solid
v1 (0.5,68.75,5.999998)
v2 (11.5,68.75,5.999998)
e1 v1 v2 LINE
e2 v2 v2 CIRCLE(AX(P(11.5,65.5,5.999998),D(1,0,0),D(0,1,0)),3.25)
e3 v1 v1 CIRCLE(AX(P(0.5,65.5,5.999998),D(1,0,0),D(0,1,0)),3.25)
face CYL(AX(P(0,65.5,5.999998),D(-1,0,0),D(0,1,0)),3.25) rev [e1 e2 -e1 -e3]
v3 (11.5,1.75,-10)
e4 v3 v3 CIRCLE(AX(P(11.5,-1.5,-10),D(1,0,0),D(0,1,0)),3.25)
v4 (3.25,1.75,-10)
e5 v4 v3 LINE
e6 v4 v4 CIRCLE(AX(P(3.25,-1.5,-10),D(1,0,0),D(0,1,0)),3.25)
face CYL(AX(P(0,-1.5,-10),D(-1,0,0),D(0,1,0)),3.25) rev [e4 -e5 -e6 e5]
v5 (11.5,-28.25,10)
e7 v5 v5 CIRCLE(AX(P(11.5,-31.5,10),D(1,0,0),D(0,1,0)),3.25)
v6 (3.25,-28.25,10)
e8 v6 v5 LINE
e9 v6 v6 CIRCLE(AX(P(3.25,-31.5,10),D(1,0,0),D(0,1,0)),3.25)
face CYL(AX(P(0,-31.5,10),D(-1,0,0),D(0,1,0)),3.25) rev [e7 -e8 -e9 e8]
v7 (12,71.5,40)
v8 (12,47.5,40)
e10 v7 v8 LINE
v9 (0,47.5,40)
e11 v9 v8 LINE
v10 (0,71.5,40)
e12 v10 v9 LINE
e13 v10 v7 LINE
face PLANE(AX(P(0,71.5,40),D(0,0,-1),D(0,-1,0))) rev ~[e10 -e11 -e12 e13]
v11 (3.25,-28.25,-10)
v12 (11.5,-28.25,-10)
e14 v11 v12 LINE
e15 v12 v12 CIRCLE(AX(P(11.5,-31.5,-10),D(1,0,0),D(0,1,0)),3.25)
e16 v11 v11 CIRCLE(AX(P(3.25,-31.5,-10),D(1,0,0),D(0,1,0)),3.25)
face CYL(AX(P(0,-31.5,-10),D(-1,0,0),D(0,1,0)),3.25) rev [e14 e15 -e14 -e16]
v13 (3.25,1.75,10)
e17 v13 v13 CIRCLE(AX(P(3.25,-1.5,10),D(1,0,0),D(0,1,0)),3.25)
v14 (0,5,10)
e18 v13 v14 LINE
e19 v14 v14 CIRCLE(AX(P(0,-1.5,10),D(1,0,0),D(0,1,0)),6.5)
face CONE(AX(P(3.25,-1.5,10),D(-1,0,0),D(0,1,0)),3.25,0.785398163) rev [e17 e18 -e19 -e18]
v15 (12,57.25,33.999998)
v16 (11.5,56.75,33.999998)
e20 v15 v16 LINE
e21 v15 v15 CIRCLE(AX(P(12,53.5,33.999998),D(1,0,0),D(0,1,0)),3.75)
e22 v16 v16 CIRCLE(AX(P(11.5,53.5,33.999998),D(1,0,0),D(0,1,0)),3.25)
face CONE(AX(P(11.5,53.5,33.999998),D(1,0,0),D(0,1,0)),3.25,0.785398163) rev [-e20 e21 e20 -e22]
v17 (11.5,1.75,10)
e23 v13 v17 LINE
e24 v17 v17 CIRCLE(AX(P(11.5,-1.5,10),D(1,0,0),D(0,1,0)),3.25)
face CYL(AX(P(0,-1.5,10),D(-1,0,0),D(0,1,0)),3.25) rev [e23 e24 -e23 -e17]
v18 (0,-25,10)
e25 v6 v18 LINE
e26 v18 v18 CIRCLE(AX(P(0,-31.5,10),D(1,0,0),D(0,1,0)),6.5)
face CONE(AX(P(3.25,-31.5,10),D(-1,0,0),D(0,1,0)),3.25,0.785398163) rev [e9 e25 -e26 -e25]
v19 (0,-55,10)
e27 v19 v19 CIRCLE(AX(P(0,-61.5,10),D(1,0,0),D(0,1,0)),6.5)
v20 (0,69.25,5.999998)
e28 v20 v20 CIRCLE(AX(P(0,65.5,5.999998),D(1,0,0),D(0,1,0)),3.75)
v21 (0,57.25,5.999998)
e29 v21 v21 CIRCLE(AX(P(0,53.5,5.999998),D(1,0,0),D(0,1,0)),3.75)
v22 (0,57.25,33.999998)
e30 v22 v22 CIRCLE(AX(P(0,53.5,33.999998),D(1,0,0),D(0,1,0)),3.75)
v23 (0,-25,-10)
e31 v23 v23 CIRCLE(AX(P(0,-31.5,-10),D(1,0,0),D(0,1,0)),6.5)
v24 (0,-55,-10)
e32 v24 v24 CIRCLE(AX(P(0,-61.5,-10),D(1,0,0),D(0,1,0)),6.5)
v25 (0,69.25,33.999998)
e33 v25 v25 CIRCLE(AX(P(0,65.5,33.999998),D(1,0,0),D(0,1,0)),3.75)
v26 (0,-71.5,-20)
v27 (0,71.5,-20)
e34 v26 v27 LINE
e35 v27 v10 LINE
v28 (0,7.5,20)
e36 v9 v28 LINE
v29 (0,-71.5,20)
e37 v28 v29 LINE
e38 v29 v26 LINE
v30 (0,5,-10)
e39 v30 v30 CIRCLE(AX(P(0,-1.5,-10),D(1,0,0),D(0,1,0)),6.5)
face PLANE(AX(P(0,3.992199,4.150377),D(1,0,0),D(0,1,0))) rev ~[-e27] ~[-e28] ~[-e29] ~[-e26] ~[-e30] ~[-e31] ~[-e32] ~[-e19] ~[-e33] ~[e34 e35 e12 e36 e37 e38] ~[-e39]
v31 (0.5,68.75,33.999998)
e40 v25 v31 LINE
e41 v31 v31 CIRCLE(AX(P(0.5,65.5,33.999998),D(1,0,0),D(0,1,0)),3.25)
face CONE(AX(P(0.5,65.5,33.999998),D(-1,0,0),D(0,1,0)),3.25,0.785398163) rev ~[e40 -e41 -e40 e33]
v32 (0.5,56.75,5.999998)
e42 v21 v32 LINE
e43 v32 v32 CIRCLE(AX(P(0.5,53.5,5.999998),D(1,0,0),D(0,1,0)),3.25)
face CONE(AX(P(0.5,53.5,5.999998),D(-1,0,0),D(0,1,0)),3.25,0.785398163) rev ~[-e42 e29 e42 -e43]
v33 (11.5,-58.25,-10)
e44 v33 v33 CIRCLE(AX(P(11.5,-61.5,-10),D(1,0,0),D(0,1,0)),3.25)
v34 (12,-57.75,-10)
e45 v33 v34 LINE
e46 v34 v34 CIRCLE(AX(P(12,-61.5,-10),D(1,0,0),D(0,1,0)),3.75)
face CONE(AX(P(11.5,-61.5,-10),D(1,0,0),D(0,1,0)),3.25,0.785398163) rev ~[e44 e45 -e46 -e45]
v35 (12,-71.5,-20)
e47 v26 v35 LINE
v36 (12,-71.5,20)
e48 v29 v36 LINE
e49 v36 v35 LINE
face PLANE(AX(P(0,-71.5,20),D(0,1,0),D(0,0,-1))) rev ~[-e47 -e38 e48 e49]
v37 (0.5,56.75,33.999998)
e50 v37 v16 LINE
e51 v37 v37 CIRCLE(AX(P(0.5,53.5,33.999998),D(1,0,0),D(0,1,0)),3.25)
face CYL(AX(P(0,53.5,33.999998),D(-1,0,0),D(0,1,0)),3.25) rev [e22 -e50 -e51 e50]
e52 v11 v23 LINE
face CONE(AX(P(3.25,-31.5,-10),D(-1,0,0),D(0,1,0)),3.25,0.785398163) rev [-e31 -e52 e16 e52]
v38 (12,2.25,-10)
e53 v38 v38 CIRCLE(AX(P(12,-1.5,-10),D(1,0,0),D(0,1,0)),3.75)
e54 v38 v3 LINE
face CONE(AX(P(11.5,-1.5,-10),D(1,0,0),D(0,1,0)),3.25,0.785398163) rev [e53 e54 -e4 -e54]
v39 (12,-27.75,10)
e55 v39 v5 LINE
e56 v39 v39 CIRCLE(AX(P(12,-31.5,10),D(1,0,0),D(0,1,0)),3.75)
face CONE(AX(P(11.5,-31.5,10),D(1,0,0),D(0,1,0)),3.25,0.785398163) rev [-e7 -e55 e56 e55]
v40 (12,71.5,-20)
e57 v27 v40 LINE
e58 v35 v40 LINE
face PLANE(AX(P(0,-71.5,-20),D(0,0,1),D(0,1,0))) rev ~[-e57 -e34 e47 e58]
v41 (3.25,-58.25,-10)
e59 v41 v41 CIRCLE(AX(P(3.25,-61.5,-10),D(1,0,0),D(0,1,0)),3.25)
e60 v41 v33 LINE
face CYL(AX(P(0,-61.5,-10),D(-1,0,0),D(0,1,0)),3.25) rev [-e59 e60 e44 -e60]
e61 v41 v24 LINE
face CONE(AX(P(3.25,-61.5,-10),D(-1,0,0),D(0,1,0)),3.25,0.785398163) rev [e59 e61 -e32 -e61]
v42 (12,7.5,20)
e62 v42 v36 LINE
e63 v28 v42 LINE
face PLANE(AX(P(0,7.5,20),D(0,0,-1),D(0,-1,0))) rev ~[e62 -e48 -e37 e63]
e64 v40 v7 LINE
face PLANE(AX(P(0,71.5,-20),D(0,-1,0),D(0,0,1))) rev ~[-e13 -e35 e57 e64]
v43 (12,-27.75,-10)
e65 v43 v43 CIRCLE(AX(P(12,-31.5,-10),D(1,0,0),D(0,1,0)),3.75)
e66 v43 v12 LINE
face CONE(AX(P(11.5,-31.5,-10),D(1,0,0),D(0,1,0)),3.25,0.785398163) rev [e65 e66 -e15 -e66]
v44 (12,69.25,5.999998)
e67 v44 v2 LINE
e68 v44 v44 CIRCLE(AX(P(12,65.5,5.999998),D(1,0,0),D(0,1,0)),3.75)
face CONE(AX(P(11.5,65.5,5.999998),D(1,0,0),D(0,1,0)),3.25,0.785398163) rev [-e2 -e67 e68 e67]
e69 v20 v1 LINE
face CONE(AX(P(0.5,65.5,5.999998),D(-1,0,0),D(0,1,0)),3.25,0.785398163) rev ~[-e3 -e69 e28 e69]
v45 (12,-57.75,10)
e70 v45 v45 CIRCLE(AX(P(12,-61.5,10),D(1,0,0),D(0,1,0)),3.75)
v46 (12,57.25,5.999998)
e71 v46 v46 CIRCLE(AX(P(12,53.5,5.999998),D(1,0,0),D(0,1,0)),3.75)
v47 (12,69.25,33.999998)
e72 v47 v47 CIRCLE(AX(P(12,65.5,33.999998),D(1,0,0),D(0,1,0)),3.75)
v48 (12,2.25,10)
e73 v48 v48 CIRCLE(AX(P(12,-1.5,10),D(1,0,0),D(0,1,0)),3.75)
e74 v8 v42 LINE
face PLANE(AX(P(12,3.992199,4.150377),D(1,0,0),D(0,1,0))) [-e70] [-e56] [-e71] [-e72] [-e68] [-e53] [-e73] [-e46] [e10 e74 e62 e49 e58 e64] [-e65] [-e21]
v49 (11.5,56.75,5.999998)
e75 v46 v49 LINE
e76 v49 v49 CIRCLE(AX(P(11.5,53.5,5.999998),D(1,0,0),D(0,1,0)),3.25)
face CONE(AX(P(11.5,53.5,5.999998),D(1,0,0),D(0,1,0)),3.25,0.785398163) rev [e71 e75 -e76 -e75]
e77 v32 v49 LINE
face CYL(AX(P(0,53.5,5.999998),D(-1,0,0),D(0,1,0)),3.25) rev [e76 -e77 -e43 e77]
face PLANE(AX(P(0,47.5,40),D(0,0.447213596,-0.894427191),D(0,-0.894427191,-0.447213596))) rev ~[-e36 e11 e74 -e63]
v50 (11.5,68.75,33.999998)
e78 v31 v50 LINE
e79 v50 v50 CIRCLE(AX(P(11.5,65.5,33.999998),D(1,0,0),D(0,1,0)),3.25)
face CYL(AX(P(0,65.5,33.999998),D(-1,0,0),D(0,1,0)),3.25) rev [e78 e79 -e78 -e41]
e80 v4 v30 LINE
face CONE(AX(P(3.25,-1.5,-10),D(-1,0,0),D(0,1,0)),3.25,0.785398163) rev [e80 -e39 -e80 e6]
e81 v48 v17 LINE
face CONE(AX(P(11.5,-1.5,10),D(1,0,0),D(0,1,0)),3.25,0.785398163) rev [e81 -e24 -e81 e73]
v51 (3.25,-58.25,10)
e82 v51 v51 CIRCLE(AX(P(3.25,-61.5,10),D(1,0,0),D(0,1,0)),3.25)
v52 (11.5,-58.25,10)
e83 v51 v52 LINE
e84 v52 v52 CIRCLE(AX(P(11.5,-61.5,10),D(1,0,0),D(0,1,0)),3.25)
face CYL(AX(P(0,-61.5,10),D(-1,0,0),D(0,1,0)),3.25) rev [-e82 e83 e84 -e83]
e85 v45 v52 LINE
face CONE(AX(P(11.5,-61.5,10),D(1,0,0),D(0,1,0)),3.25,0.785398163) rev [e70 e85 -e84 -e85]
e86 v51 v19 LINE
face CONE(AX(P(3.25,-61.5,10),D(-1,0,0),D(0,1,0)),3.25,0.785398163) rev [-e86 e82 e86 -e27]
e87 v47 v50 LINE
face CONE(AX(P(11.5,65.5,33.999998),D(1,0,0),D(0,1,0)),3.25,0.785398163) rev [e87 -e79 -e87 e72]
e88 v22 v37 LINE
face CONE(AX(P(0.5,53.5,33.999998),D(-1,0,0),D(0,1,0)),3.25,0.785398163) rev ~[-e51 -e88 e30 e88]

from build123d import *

# Parameters (mm, degrees)
F0_R     = 3.25
F1_DEPTH = 12
F2_SIZE  = 3.25
F3_SIZE  = 0.5


with BuildPart() as f1:
    # F0 (on Right) → F1 (new body)
    with BuildSketch(Plane.YZ):
        Polygon((7.5, 20), (-71.5, 20), (-71.5, -20), (71.5, -20), (71.5, 20), (71.5, 40), (47.5, 40), align=None)
        with Locations((-61.5, -10)):
            Circle(F0_R, mode=Mode.SUBTRACT)
        with Locations((-31.5, -10)):
            Circle(F0_R, mode=Mode.SUBTRACT)
        with Locations((-1.5, -10)):
            Circle(F0_R, mode=Mode.SUBTRACT)
        with Locations((53.5, 5.999998)):
            Circle(F0_R, mode=Mode.SUBTRACT)
        with Locations((65.5, 5.999998)):
            Circle(F0_R, mode=Mode.SUBTRACT)
        with Locations((-61.5, 10)):
            Circle(F0_R, mode=Mode.SUBTRACT)
        with Locations((-31.5, 10)):
            Circle(F0_R, mode=Mode.SUBTRACT)
        with Locations((-1.5, 10)):
            Circle(F0_R, mode=Mode.SUBTRACT)
        with Locations((53.5, 33.999998)):
            Circle(F0_R, mode=Mode.SUBTRACT)
        with Locations((65.5, 33.999998)):
            Circle(F0_R, mode=Mode.SUBTRACT)
    extrude(amount=F1_DEPTH)

    # F2
    f2_edges = [f1.edges().sort_by_distance(p)[0] for p in [
        (0, -4.75, 10),
        (0, -4.75, -10),
        (0, -34.75, -10),
        (0, -34.75, 10),
        (0, -64.75, -10),
        (0, -64.75, 10),
    ]]
    chamfer(f2_edges, length=F2_SIZE)

    # F3
    f3_edges = [f1.edges().sort_by_distance(p)[0] for p in [
        (6, 68.75, 33.999998),
        (0, 62.25, 33.999998),
        (12, 62.25, 33.999998),
        (6, 56.75, 33.999998),
        (0, 50.25, 33.999998),
        (12, 50.25, 33.999998),
        (6, 56.75, 5.999998),
        (0, 50.25, 5.999998),
        (12, 50.25, 5.999998),
        (6, 68.75, 5.999998),
        (0, 62.25, 5.999998),
        (12, 62.25, 5.999998),
        (12, -64.75, 10),
        (12, -34.75, 10),
        (12, -4.75, 10),
        (12, -4.75, -10),
        (12, -34.75, -10),
        (12, -64.75, -10),
    ]]
    chamfer(f3_edges, length=F3_SIZE)


solid = f1.part
